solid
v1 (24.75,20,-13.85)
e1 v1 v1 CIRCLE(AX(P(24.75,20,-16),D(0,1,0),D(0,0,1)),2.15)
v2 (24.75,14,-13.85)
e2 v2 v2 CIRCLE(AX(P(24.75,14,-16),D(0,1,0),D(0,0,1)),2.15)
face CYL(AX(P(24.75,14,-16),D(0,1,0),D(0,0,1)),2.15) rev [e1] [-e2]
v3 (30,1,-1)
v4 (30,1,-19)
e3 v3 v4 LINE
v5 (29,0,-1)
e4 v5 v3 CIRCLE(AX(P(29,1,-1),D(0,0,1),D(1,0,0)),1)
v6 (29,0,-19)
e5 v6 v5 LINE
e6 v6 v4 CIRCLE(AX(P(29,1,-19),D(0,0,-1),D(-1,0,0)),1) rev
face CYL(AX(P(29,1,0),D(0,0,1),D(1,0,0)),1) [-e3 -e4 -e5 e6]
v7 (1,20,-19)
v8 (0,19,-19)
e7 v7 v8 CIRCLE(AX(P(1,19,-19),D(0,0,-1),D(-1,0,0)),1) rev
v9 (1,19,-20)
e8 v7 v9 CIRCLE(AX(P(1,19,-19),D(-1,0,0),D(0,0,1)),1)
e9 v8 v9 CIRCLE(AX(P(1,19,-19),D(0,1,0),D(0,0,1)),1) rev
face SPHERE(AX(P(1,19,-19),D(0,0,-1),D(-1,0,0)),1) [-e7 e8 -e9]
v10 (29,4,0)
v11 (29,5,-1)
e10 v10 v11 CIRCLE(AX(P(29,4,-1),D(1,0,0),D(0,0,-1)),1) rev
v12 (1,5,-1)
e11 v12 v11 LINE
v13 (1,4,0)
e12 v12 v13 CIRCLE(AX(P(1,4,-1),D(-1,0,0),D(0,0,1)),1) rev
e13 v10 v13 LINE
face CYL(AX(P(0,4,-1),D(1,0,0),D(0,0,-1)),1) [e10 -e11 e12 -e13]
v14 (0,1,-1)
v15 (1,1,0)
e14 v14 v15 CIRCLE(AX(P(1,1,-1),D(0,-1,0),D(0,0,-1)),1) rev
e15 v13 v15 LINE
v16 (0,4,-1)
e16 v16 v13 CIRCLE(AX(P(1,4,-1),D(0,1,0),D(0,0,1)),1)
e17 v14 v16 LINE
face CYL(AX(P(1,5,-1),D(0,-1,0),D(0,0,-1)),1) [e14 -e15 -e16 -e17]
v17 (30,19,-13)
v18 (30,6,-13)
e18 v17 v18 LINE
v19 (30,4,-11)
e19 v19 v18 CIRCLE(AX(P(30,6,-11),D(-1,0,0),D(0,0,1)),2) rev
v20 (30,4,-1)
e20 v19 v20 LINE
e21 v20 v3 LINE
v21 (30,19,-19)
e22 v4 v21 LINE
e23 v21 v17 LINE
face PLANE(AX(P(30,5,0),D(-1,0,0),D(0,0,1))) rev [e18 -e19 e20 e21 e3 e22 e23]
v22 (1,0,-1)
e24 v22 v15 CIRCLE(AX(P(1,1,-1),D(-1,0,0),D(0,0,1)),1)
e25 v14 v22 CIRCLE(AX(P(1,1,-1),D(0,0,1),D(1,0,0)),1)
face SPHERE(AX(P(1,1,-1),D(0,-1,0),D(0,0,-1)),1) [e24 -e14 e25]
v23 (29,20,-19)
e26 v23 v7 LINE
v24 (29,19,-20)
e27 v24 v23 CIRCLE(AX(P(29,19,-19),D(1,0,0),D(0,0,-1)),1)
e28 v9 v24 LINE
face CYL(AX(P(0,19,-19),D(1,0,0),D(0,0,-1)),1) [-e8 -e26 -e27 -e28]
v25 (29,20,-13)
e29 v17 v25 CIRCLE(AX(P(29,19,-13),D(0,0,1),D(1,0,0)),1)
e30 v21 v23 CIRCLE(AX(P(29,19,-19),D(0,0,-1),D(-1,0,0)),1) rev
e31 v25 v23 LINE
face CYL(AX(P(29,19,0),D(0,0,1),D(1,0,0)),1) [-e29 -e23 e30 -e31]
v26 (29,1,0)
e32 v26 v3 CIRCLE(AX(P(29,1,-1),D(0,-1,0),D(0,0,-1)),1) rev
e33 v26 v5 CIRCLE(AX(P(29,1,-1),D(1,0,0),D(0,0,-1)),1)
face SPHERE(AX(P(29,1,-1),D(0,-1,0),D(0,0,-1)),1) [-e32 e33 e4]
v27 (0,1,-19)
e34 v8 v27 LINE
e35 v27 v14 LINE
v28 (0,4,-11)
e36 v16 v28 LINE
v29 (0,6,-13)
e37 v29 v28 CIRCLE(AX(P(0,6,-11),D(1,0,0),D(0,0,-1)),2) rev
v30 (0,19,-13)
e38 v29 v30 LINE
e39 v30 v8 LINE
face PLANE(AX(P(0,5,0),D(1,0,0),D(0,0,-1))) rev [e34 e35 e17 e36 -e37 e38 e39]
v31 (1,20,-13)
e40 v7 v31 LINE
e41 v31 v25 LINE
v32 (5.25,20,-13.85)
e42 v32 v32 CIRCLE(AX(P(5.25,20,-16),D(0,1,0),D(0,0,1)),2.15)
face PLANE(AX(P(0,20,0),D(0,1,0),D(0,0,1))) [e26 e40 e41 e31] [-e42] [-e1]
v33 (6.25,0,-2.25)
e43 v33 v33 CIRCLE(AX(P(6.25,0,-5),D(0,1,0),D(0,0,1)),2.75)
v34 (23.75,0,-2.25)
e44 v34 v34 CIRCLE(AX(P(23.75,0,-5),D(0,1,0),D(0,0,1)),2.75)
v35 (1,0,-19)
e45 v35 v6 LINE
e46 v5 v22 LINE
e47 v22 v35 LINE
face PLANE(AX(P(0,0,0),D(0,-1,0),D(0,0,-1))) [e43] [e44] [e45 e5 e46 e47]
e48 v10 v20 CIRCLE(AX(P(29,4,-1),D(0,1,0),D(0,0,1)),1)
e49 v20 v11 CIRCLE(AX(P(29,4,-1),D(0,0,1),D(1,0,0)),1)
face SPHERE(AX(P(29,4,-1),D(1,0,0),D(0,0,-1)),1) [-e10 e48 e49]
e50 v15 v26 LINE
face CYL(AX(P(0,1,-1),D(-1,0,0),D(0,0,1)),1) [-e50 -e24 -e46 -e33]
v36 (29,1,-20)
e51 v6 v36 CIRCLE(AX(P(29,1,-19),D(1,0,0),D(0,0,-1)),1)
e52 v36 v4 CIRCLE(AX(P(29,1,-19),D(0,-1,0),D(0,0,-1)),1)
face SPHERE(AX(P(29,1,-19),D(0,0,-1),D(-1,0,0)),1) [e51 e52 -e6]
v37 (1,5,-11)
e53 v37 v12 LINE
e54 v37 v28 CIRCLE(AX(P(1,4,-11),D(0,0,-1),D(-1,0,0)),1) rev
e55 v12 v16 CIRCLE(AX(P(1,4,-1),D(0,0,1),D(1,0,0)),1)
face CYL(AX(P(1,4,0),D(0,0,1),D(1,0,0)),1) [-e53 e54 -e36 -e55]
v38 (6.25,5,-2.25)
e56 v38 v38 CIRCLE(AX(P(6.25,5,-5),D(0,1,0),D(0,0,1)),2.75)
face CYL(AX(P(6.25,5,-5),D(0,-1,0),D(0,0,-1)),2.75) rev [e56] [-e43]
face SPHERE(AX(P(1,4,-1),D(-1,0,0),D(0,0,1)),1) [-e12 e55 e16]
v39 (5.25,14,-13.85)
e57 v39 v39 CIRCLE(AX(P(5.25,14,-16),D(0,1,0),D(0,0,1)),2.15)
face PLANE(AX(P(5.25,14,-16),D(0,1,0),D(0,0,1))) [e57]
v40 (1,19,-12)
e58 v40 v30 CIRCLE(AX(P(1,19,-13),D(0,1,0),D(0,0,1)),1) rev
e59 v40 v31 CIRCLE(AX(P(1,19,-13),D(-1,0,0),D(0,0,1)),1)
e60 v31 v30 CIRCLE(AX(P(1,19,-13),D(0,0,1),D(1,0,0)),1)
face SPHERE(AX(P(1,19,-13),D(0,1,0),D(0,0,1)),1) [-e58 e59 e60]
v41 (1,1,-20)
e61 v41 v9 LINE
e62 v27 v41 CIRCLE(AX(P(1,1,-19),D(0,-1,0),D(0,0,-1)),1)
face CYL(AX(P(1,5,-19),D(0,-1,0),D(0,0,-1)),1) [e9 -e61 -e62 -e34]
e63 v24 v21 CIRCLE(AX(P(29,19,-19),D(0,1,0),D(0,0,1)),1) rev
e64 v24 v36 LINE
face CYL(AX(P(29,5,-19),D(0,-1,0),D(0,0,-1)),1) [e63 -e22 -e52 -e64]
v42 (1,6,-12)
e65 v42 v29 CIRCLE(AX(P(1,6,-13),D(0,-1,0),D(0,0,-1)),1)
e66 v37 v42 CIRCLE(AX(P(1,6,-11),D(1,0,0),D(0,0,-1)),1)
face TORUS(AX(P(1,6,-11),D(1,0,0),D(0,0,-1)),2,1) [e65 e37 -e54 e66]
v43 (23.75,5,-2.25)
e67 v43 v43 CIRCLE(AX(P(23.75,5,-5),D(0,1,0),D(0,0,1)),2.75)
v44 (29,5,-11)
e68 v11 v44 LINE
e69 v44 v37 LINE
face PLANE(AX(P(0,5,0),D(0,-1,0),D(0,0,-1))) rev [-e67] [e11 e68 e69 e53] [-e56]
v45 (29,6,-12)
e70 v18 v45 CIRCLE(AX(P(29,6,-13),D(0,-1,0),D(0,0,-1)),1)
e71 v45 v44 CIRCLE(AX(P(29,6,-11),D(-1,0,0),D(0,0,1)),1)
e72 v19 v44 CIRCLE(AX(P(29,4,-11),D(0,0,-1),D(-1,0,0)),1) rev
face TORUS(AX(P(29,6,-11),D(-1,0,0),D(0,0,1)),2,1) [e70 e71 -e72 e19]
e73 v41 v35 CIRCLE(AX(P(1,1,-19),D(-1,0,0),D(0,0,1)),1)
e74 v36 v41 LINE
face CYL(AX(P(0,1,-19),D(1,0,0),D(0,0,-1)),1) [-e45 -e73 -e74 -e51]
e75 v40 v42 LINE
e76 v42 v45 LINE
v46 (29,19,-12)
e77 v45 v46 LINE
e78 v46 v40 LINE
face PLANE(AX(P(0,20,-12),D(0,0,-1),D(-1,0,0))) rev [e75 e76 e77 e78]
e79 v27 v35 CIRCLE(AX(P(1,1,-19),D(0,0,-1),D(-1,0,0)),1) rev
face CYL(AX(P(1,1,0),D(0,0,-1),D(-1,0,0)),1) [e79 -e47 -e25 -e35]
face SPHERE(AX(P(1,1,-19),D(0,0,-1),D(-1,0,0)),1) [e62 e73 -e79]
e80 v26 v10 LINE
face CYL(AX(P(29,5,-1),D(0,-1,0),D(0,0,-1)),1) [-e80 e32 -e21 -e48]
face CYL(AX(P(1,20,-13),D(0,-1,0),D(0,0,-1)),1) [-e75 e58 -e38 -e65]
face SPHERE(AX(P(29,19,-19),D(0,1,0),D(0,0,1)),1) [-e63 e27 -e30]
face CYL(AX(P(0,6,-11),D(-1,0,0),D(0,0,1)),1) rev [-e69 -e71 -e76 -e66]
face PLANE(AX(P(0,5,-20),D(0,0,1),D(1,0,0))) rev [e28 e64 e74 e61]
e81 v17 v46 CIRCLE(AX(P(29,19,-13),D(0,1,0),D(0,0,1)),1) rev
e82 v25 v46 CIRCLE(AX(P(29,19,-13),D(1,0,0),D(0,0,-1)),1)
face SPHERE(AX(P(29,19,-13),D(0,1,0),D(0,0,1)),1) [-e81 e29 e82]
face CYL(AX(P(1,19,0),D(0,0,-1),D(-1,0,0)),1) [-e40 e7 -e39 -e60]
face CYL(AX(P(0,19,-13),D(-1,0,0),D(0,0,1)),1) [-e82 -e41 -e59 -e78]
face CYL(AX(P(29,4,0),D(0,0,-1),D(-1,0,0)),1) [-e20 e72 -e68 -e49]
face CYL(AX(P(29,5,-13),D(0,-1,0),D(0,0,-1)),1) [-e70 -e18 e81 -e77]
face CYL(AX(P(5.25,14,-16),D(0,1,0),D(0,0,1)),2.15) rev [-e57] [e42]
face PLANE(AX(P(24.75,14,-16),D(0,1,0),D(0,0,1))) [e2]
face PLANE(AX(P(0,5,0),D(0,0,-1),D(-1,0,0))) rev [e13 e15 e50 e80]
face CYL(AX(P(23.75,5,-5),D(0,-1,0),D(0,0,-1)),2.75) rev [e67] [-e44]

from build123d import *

# Parameters (mm, degrees)
SKETCH1_W           = 30
SKETCH1_H           = 20
SKETCH1_R           = 2.75
BOSS_EXTRUDE1_DEPTH = 5
SKETCH2_W           = 30
SKETCH2_H           = 8
BOSS_EXTRUDE2_DEPTH = 15
SKETCH3_R           = 2.15
CUT_EXTRUDE1_DEPTH  = 6
FILLET1_R           = 1


with BuildPart() as part:
    # Sketch1 → Boss-Extrude1 (new body)
    with BuildSketch(Plane(origin=(0, 0, 0), x_dir=(1, 0, 0), z_dir=(0, 1, 0))):
        with Locations((15, 10)):
            Rectangle(SKETCH1_W, SKETCH1_H)
        with Locations(Location((6.25, 5, 0), (0, 0, 270))):
            Circle(SKETCH1_R, mode=Mode.SUBTRACT)
        with Locations(Location((23.75, 5, 0), (0, 0, 270))):
            Circle(SKETCH1_R, mode=Mode.SUBTRACT)
    extrude(amount=BOSS_EXTRUDE1_DEPTH)

    # Sketch2 → Boss-Extrude2 (add)
    with BuildSketch(Plane(origin=(0, 5, 0), x_dir=(1, 0, 0), z_dir=(0, 1, 0))):
        with Locations((15, 16)):
            Rectangle(SKETCH2_W, SKETCH2_H)
    extrude(amount=BOSS_EXTRUDE2_DEPTH)

    # Sketch3 → Cut-Extrude1 (cut)
    with BuildSketch(Plane(origin=(0, 20, 0), x_dir=(1, 0, 0), z_dir=(0, 1, 0))):
        with Locations(Location((5.25, 16, 0), (0, 0, 270))):
            Circle(SKETCH3_R)
        with Locations(Location((24.75, 16, 0), (0, 0, 270))):
            Circle(SKETCH3_R)
    extrude(amount=-CUT_EXTRUDE1_DEPTH, mode=Mode.SUBTRACT)

    # Fillet1
    fillet1_edges = [part.edges().sort_by_distance(p)[0] for p in [
        (30, 5, -6),
        (0, 5, -6),
        (15, 5, -12),
        (0, 12.5, -12),
        (30, 12.5, -12),
        (0, 20, -16),
        (15, 20, -12),
        (30, 20, -16),
        (15, 20, -20),
        (15, 0, -20),
        (30, 0, -10),
        (15, 0, 0),
        (0, 0, -10),
        (0, 10, -20),
        (30, 10, -20),
        (30, 2.5, 0),
        (0, 2.5, 0),
        (15, 5, 0),
    ]]
    fillet(fillet1_edges, radius=FILLET1_R)


solid = part.part
